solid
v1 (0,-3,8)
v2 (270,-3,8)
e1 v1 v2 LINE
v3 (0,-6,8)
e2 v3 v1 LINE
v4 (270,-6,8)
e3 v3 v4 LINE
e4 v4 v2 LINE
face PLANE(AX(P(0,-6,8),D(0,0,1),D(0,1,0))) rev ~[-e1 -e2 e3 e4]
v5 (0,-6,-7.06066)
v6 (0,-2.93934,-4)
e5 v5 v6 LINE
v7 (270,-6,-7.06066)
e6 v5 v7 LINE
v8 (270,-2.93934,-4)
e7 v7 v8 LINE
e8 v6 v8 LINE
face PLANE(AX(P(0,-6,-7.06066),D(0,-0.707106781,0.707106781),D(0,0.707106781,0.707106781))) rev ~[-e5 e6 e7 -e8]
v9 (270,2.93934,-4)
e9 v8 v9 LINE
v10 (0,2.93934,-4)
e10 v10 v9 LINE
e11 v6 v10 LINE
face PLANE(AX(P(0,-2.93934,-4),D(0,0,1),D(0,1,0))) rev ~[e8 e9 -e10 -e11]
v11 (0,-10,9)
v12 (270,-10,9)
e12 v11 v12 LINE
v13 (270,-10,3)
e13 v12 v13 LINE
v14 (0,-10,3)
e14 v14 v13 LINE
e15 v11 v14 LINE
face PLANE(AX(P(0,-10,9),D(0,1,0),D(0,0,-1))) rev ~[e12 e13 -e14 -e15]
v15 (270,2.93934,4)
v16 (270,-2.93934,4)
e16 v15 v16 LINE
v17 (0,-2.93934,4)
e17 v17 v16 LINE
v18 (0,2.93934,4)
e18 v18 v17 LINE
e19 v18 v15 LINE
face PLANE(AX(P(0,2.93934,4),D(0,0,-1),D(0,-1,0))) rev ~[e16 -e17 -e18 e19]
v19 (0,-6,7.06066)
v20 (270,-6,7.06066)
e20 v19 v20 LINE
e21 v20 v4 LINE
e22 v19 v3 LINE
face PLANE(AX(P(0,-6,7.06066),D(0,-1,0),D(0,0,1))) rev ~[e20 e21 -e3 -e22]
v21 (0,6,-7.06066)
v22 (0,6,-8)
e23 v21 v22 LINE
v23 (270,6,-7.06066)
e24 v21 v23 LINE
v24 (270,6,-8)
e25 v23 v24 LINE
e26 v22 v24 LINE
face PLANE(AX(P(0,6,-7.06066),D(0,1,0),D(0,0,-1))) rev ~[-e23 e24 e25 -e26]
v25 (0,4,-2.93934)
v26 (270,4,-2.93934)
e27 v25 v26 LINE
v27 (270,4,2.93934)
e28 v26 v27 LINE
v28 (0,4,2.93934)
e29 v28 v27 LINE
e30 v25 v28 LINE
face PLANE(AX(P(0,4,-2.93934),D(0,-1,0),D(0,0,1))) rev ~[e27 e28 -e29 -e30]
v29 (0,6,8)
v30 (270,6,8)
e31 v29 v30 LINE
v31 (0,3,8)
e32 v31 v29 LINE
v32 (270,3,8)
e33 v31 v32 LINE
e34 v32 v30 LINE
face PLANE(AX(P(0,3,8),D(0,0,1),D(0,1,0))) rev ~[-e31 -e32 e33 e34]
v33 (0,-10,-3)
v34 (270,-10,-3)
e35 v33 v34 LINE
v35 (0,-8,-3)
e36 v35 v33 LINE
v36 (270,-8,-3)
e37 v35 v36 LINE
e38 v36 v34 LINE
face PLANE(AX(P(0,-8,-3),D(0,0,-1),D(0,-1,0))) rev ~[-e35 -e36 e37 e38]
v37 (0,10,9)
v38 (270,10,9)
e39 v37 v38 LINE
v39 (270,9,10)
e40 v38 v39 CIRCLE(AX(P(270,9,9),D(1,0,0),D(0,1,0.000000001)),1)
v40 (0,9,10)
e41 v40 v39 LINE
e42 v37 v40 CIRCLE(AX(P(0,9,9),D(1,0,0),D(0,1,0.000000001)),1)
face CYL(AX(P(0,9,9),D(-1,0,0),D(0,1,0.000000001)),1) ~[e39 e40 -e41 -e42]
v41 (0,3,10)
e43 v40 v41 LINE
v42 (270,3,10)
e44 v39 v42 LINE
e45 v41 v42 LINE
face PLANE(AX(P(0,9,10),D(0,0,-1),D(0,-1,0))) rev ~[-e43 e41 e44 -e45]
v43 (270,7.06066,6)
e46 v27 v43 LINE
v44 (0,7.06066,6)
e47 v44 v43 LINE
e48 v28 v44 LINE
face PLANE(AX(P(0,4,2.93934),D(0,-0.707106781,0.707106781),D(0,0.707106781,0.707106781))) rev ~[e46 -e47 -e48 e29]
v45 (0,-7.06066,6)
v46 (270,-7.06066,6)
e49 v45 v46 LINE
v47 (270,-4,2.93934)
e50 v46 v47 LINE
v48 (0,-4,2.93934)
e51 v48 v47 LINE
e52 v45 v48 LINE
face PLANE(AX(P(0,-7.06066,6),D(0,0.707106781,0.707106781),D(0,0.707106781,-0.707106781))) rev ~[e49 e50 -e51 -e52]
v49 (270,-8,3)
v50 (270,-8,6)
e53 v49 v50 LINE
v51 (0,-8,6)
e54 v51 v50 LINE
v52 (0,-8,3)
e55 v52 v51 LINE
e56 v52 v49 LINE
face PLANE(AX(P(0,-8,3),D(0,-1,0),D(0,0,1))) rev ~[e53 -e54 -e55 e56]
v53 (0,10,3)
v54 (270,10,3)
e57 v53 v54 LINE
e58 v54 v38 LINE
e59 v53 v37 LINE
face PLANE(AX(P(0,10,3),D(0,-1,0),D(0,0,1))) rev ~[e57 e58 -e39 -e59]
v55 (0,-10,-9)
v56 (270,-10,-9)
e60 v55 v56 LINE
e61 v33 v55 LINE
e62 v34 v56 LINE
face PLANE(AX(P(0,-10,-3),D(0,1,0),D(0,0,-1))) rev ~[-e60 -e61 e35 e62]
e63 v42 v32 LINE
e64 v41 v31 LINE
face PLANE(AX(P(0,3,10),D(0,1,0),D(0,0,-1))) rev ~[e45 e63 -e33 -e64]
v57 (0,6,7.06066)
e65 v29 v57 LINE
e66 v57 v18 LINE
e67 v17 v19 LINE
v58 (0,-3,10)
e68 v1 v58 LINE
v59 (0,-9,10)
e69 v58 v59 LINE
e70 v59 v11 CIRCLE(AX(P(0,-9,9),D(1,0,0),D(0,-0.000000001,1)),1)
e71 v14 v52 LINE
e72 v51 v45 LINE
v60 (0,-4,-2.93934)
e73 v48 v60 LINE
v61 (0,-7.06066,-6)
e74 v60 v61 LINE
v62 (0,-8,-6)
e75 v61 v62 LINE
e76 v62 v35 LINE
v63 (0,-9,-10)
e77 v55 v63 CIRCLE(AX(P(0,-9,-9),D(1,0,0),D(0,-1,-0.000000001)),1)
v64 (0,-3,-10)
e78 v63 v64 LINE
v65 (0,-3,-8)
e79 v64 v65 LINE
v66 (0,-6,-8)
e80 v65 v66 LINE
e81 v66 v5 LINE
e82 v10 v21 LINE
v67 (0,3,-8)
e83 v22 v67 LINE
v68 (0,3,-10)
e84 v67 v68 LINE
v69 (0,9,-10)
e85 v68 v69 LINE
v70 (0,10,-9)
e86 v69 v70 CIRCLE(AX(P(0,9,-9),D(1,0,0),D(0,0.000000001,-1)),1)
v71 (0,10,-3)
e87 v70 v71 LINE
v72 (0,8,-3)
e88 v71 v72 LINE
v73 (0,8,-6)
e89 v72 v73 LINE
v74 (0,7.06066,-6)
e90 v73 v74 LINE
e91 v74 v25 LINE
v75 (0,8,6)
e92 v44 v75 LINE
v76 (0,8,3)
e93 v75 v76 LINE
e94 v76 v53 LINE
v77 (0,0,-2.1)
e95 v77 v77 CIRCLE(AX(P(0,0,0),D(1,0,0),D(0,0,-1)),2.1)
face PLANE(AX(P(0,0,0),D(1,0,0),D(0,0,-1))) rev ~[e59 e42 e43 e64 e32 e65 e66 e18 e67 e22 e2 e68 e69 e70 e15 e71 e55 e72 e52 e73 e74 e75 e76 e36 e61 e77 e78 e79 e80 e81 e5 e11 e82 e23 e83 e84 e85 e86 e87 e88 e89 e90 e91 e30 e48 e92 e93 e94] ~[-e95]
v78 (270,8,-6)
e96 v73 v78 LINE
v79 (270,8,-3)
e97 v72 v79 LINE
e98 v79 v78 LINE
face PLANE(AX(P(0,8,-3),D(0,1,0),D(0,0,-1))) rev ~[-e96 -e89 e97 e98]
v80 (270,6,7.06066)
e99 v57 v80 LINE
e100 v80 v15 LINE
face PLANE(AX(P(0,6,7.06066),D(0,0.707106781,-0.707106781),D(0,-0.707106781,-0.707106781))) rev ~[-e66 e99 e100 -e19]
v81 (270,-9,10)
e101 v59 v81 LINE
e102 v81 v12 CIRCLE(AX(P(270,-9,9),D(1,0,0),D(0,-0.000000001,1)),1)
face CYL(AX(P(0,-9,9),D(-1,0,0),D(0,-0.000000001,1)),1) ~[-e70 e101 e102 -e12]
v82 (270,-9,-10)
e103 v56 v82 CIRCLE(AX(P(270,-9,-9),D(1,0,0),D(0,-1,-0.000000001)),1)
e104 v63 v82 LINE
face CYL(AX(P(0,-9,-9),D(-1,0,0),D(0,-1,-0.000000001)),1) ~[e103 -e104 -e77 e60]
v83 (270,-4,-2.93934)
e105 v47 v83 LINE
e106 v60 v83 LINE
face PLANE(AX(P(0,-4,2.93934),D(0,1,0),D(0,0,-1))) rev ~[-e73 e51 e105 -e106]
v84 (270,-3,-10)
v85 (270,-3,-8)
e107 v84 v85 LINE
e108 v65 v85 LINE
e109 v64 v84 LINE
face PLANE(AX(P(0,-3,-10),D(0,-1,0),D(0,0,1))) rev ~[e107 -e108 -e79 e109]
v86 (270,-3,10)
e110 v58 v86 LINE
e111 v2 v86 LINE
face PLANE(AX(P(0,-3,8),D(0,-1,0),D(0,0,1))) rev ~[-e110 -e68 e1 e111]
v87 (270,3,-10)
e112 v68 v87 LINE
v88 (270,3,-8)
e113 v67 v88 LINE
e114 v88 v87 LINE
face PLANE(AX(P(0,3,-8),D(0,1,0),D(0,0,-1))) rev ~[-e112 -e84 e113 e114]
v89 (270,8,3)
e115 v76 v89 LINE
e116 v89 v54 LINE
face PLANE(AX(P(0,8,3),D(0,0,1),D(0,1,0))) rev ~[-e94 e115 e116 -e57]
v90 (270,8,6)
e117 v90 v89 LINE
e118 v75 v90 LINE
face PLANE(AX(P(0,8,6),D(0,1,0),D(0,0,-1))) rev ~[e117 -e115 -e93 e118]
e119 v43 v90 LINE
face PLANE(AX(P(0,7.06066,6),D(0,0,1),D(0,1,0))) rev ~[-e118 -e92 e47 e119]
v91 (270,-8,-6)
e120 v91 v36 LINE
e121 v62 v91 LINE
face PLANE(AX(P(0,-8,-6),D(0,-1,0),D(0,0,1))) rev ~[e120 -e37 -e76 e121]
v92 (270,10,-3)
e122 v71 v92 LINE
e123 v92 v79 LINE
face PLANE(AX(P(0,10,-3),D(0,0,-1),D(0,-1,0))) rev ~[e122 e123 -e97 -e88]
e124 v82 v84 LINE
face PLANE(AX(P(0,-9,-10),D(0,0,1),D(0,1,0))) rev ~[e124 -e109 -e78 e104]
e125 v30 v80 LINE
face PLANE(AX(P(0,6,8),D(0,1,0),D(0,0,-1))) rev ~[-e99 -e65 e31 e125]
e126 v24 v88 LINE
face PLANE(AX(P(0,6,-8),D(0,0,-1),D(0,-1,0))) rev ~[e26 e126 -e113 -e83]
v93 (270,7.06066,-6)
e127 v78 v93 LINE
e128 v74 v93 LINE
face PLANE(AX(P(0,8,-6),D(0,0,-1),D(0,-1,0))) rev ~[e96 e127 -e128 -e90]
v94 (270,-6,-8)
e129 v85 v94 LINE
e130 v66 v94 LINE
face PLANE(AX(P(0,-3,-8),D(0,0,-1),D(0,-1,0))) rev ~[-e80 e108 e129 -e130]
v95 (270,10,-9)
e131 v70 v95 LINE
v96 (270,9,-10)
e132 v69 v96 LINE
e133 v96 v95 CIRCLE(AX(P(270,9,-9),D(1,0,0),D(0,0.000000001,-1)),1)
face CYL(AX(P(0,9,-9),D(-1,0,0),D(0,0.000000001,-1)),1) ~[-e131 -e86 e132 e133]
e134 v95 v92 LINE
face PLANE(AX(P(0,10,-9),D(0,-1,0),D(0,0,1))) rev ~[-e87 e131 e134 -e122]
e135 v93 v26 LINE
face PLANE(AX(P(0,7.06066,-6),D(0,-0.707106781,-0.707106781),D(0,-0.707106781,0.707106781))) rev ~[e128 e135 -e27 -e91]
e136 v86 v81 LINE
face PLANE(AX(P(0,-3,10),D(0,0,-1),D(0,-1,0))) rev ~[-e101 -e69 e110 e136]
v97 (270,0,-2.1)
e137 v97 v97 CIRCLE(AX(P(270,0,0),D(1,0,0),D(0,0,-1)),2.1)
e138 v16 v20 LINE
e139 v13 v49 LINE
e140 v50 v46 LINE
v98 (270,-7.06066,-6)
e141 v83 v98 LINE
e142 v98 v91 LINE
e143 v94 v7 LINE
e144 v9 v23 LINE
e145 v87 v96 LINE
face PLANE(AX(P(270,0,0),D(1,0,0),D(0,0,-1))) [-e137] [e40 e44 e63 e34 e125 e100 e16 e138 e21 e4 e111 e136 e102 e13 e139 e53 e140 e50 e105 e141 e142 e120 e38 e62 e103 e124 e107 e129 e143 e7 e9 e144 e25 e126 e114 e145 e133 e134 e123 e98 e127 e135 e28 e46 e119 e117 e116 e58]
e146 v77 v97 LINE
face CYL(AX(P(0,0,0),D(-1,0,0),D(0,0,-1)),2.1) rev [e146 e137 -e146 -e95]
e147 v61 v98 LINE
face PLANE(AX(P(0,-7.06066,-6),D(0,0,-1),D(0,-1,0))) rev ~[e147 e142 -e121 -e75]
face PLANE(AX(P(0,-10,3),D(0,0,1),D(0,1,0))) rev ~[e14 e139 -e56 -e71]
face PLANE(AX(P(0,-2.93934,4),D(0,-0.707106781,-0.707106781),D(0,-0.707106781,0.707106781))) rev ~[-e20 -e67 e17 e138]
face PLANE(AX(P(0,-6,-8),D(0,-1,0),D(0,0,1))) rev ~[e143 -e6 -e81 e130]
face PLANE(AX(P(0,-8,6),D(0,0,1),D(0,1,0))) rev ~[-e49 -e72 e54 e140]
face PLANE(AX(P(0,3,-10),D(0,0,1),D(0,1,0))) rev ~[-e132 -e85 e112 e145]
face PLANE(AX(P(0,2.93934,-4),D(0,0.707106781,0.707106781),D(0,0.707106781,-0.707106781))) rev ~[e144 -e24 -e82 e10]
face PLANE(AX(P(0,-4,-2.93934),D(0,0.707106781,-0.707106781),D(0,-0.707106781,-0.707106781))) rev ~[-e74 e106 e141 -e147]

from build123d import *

# Parameters (mm, degrees)
SKETCH1_R           = 2.1
BOSS_EXTRUDE1_DEPTH = 270


with BuildPart() as part:
    # Sketch1 → Boss-Extrude1 (new body)
    with BuildSketch(Plane(origin=(0, 0, 0), x_dir=(0, 0, -1), z_dir=(1, 0, 0))):
        with BuildLine():
            Line((-10, 9), (-10, 3))
            Line((-10, 3), (-8, 3))
            Line((-8, 3), (-8, 6))
            Line((-8, 6), (-7.060660172, 6))
            Line((-7.060660172, 6), (-4, 2.939339828))
            Line((-4, 2.939339828), (-4, -2.939339828))
            Line((-4, -2.939339828), (-7.060660172, -6))
            Line((-7.060660172, -6), (-8, -6))
            Line((-8, -6), (-8, -3))
            Line((-8, -3), (-10, -3))
            Line((-10, -3), (-10, -9))
            ThreePointArc((-10, -9), (-9.707106781, -9.707106781), (-9, -10))
            Line((-9, -10), (-3, -10))
            Line((-3, -10), (-3, -8))
            Line((-3, -8), (-6, -8))
            Line((-6, -8), (-6, -7.060660172))
            Line((-6, -7.060660172), (-2.939339828, -4))
            Line((-2.939339828, -4), (2.939339828, -4))
            Line((2.939339828, -4), (6, -7.060660172))
            Line((6, -7.060660172), (6, -8))
            Line((6, -8), (3, -8))
            Line((3, -8), (3, -10))
            Line((3, -10), (9, -10))
            ThreePointArc((9, -10), (9.707106781, -9.707106781), (10, -9))
            Line((10, -9), (10, -3))
            Line((10, -3), (8, -3))
            Line((8, -3), (8, -6))
            Line((8, -6), (7.060660172, -6))
            Line((7.060660172, -6), (4, -2.939339828))
            Line((4, -2.939339828), (4, 2.939339828))
            Line((4, 2.939339828), (7.060660172, 6))
            Line((7.060660172, 6), (8, 6))
            Line((8, 6), (8, 3))
            Line((8, 3), (10, 3))
            Line((10, 3), (10, 9))
            ThreePointArc((10, 9), (9.707106781, 9.707106781), (9, 10))
            Line((9, 10), (3, 10))
            Line((3, 10), (3, 8))
            Line((3, 8), (6, 8))
            Line((6, 8), (6, 7.060660172))
            Line((6, 7.060660172), (2.939339828, 4))
            Line((2.939339828, 4), (-2.939339828, 4))
            Line((-2.939339828, 4), (-6, 7.060660172))
            Line((-6, 7.060660172), (-6, 8))
            Line((-6, 8), (-3, 8))
            Line((-3, 8), (-3, 10))
            Line((-3, 10), (-9, 10))
            ThreePointArc((-9, 10), (-9.707106781, 9.707106781), (-10, 9))
        make_face()
        Circle(SKETCH1_R, mode=Mode.SUBTRACT)
    extrude(amount=BOSS_EXTRUDE1_DEPTH)


solid = part.part
